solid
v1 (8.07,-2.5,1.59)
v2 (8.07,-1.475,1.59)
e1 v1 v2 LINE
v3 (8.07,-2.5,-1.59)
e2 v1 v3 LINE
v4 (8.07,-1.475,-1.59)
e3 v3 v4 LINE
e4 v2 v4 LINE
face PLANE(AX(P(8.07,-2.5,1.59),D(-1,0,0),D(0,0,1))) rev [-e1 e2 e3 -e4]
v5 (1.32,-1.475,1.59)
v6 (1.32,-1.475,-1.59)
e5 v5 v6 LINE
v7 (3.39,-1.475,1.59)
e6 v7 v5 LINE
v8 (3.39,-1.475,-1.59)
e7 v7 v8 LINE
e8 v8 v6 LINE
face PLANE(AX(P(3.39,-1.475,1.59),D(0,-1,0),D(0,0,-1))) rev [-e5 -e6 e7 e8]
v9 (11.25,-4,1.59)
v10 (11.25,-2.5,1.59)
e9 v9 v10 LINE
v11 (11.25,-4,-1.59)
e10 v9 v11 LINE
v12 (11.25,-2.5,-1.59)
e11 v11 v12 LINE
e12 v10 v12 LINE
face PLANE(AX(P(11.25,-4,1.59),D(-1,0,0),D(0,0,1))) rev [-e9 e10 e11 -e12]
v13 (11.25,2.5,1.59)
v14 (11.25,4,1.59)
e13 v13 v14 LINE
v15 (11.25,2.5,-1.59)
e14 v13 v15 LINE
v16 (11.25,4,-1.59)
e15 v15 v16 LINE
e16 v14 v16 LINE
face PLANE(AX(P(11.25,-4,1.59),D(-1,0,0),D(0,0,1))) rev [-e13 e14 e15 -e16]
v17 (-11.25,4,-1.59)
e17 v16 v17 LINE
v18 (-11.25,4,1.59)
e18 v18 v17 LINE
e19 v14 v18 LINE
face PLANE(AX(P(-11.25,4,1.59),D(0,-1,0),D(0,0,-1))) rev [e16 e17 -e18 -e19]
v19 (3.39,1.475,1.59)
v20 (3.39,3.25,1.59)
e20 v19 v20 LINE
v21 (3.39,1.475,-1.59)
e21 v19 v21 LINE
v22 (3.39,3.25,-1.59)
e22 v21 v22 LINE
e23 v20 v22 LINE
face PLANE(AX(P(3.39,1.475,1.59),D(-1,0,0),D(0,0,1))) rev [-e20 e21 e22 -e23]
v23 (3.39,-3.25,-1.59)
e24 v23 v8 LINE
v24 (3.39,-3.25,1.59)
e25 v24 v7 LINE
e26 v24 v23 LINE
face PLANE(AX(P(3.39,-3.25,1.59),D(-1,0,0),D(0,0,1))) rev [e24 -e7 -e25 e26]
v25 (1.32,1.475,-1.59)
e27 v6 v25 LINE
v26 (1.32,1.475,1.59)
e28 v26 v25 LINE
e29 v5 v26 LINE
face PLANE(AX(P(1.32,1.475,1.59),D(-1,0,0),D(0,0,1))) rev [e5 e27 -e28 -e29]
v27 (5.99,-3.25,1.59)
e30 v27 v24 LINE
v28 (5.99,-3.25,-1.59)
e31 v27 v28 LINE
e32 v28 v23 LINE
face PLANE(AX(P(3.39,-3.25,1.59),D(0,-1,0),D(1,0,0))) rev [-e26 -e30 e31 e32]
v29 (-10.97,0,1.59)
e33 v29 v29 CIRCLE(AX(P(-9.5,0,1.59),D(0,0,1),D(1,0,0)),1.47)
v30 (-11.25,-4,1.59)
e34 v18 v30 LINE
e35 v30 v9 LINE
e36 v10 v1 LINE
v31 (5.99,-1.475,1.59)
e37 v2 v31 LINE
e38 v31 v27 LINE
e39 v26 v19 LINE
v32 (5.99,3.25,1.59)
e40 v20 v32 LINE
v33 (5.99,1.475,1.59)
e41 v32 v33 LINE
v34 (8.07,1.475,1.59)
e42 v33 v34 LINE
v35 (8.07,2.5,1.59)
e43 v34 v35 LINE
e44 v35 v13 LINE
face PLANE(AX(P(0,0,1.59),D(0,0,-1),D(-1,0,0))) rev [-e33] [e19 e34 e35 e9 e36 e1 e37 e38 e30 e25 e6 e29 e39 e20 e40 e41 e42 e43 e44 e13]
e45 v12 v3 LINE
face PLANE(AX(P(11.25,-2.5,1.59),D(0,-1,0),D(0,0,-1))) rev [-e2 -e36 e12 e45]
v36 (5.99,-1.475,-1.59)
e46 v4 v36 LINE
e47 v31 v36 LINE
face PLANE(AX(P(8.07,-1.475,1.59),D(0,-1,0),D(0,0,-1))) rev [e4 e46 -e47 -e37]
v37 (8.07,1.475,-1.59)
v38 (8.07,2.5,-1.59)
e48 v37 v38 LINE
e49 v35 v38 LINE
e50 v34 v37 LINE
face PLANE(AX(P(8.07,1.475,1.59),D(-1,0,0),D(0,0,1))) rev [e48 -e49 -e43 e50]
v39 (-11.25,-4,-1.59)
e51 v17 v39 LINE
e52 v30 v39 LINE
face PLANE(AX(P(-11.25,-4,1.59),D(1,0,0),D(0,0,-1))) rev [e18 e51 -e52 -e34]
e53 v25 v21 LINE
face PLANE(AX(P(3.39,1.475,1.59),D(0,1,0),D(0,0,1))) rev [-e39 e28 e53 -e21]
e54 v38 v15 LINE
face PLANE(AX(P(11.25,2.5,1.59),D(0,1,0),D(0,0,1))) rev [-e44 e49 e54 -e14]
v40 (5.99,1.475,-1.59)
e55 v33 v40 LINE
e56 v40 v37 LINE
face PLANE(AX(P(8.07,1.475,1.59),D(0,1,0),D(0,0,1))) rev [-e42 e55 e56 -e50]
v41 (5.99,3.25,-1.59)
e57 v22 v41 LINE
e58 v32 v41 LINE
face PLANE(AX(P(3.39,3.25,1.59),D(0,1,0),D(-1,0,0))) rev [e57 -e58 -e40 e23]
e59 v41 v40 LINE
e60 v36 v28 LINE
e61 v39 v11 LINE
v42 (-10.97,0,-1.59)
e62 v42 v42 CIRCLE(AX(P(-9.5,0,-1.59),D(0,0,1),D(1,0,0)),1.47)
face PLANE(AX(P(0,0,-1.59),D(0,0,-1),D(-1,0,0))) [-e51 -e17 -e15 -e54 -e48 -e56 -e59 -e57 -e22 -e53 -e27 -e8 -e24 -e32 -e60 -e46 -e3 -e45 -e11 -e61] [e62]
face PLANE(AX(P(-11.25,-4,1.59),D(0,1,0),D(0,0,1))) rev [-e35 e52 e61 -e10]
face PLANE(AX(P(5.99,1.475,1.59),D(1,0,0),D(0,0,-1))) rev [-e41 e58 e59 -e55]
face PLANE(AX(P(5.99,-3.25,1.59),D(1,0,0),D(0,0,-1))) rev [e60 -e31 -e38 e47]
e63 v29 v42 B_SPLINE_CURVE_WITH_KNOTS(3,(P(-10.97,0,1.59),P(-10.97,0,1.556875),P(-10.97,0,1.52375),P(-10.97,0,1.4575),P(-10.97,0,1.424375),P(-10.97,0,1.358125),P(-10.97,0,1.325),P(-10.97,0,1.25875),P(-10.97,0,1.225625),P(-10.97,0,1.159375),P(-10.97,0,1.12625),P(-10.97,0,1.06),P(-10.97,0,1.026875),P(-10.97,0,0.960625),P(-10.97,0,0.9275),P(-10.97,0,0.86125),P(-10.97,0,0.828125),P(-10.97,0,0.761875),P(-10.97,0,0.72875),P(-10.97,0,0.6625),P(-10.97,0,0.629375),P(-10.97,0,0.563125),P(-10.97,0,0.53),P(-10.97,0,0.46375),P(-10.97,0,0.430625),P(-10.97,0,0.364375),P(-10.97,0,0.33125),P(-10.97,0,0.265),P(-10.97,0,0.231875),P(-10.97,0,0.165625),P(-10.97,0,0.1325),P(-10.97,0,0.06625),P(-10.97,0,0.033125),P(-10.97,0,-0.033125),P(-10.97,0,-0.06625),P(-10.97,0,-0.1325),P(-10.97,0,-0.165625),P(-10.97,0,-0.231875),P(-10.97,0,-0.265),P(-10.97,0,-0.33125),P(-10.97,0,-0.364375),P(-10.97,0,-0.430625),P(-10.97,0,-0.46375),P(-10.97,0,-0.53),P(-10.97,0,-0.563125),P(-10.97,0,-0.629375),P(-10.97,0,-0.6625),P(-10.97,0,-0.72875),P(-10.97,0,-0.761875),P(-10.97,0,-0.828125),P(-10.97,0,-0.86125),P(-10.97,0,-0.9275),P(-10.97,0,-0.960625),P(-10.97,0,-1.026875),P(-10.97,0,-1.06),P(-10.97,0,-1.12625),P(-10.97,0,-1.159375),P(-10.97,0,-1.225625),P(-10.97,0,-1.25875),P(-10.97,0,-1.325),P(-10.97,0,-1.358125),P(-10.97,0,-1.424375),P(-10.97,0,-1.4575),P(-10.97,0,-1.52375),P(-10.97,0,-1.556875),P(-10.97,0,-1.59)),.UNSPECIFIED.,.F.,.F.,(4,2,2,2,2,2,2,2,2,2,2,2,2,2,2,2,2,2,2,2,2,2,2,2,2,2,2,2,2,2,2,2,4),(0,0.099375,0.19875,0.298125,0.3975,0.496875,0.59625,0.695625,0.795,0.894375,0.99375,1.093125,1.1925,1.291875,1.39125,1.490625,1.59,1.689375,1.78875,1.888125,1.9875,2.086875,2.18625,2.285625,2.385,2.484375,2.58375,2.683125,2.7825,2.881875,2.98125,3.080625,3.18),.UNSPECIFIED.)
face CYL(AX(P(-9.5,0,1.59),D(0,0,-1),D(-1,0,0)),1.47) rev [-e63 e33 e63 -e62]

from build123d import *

# Parameters (mm, degrees)
SKETCH1_W           = 22.5
SKETCH1_H           = 8
SKETCH1_R           = 1.47
BOSS_EXTRUDE1_DEPTH = 1.59
CUT_EXTRUDE1_DEPTH  = 13.3561685


with BuildPart() as part:
    # Sketch1 → Boss-Extrude1 (new, symmetric)
    with BuildSketch(Plane.XY):
        Rectangle(SKETCH1_W, SKETCH1_H)
        with Locations(Location((-9.5, 0, 0), (0, 0, 180))):
            Circle(SKETCH1_R, mode=Mode.SUBTRACT)
    extrude(amount=BOSS_EXTRUDE1_DEPTH, both=True)

    # Sketch2 → Cut-Extrude1 (cut, through all)
    with BuildSketch(Plane(origin=(0, 0, -1.59), x_dir=(-1, 0, 0), z_dir=(0, 0, -1))):
        Polygon((-3.39, -1.475), (-1.32, -1.475), (-1.32, 1.475), (-3.39, 1.475), (-3.39, 3.25), (-5.99, 3.25), (-5.99, 1.475), (-8.07, 1.475), (-8.07, 2.5), (-11.25, 2.5), (-11.25, -2.5), (-8.07, -2.5), (-8.07, -1.475), (-5.99, -1.475), (-5.99, -3.25), (-3.39, -3.25), align=None)
    extrude(amount=-CUT_EXTRUDE1_DEPTH, mode=Mode.SUBTRACT)


solid = part.part
